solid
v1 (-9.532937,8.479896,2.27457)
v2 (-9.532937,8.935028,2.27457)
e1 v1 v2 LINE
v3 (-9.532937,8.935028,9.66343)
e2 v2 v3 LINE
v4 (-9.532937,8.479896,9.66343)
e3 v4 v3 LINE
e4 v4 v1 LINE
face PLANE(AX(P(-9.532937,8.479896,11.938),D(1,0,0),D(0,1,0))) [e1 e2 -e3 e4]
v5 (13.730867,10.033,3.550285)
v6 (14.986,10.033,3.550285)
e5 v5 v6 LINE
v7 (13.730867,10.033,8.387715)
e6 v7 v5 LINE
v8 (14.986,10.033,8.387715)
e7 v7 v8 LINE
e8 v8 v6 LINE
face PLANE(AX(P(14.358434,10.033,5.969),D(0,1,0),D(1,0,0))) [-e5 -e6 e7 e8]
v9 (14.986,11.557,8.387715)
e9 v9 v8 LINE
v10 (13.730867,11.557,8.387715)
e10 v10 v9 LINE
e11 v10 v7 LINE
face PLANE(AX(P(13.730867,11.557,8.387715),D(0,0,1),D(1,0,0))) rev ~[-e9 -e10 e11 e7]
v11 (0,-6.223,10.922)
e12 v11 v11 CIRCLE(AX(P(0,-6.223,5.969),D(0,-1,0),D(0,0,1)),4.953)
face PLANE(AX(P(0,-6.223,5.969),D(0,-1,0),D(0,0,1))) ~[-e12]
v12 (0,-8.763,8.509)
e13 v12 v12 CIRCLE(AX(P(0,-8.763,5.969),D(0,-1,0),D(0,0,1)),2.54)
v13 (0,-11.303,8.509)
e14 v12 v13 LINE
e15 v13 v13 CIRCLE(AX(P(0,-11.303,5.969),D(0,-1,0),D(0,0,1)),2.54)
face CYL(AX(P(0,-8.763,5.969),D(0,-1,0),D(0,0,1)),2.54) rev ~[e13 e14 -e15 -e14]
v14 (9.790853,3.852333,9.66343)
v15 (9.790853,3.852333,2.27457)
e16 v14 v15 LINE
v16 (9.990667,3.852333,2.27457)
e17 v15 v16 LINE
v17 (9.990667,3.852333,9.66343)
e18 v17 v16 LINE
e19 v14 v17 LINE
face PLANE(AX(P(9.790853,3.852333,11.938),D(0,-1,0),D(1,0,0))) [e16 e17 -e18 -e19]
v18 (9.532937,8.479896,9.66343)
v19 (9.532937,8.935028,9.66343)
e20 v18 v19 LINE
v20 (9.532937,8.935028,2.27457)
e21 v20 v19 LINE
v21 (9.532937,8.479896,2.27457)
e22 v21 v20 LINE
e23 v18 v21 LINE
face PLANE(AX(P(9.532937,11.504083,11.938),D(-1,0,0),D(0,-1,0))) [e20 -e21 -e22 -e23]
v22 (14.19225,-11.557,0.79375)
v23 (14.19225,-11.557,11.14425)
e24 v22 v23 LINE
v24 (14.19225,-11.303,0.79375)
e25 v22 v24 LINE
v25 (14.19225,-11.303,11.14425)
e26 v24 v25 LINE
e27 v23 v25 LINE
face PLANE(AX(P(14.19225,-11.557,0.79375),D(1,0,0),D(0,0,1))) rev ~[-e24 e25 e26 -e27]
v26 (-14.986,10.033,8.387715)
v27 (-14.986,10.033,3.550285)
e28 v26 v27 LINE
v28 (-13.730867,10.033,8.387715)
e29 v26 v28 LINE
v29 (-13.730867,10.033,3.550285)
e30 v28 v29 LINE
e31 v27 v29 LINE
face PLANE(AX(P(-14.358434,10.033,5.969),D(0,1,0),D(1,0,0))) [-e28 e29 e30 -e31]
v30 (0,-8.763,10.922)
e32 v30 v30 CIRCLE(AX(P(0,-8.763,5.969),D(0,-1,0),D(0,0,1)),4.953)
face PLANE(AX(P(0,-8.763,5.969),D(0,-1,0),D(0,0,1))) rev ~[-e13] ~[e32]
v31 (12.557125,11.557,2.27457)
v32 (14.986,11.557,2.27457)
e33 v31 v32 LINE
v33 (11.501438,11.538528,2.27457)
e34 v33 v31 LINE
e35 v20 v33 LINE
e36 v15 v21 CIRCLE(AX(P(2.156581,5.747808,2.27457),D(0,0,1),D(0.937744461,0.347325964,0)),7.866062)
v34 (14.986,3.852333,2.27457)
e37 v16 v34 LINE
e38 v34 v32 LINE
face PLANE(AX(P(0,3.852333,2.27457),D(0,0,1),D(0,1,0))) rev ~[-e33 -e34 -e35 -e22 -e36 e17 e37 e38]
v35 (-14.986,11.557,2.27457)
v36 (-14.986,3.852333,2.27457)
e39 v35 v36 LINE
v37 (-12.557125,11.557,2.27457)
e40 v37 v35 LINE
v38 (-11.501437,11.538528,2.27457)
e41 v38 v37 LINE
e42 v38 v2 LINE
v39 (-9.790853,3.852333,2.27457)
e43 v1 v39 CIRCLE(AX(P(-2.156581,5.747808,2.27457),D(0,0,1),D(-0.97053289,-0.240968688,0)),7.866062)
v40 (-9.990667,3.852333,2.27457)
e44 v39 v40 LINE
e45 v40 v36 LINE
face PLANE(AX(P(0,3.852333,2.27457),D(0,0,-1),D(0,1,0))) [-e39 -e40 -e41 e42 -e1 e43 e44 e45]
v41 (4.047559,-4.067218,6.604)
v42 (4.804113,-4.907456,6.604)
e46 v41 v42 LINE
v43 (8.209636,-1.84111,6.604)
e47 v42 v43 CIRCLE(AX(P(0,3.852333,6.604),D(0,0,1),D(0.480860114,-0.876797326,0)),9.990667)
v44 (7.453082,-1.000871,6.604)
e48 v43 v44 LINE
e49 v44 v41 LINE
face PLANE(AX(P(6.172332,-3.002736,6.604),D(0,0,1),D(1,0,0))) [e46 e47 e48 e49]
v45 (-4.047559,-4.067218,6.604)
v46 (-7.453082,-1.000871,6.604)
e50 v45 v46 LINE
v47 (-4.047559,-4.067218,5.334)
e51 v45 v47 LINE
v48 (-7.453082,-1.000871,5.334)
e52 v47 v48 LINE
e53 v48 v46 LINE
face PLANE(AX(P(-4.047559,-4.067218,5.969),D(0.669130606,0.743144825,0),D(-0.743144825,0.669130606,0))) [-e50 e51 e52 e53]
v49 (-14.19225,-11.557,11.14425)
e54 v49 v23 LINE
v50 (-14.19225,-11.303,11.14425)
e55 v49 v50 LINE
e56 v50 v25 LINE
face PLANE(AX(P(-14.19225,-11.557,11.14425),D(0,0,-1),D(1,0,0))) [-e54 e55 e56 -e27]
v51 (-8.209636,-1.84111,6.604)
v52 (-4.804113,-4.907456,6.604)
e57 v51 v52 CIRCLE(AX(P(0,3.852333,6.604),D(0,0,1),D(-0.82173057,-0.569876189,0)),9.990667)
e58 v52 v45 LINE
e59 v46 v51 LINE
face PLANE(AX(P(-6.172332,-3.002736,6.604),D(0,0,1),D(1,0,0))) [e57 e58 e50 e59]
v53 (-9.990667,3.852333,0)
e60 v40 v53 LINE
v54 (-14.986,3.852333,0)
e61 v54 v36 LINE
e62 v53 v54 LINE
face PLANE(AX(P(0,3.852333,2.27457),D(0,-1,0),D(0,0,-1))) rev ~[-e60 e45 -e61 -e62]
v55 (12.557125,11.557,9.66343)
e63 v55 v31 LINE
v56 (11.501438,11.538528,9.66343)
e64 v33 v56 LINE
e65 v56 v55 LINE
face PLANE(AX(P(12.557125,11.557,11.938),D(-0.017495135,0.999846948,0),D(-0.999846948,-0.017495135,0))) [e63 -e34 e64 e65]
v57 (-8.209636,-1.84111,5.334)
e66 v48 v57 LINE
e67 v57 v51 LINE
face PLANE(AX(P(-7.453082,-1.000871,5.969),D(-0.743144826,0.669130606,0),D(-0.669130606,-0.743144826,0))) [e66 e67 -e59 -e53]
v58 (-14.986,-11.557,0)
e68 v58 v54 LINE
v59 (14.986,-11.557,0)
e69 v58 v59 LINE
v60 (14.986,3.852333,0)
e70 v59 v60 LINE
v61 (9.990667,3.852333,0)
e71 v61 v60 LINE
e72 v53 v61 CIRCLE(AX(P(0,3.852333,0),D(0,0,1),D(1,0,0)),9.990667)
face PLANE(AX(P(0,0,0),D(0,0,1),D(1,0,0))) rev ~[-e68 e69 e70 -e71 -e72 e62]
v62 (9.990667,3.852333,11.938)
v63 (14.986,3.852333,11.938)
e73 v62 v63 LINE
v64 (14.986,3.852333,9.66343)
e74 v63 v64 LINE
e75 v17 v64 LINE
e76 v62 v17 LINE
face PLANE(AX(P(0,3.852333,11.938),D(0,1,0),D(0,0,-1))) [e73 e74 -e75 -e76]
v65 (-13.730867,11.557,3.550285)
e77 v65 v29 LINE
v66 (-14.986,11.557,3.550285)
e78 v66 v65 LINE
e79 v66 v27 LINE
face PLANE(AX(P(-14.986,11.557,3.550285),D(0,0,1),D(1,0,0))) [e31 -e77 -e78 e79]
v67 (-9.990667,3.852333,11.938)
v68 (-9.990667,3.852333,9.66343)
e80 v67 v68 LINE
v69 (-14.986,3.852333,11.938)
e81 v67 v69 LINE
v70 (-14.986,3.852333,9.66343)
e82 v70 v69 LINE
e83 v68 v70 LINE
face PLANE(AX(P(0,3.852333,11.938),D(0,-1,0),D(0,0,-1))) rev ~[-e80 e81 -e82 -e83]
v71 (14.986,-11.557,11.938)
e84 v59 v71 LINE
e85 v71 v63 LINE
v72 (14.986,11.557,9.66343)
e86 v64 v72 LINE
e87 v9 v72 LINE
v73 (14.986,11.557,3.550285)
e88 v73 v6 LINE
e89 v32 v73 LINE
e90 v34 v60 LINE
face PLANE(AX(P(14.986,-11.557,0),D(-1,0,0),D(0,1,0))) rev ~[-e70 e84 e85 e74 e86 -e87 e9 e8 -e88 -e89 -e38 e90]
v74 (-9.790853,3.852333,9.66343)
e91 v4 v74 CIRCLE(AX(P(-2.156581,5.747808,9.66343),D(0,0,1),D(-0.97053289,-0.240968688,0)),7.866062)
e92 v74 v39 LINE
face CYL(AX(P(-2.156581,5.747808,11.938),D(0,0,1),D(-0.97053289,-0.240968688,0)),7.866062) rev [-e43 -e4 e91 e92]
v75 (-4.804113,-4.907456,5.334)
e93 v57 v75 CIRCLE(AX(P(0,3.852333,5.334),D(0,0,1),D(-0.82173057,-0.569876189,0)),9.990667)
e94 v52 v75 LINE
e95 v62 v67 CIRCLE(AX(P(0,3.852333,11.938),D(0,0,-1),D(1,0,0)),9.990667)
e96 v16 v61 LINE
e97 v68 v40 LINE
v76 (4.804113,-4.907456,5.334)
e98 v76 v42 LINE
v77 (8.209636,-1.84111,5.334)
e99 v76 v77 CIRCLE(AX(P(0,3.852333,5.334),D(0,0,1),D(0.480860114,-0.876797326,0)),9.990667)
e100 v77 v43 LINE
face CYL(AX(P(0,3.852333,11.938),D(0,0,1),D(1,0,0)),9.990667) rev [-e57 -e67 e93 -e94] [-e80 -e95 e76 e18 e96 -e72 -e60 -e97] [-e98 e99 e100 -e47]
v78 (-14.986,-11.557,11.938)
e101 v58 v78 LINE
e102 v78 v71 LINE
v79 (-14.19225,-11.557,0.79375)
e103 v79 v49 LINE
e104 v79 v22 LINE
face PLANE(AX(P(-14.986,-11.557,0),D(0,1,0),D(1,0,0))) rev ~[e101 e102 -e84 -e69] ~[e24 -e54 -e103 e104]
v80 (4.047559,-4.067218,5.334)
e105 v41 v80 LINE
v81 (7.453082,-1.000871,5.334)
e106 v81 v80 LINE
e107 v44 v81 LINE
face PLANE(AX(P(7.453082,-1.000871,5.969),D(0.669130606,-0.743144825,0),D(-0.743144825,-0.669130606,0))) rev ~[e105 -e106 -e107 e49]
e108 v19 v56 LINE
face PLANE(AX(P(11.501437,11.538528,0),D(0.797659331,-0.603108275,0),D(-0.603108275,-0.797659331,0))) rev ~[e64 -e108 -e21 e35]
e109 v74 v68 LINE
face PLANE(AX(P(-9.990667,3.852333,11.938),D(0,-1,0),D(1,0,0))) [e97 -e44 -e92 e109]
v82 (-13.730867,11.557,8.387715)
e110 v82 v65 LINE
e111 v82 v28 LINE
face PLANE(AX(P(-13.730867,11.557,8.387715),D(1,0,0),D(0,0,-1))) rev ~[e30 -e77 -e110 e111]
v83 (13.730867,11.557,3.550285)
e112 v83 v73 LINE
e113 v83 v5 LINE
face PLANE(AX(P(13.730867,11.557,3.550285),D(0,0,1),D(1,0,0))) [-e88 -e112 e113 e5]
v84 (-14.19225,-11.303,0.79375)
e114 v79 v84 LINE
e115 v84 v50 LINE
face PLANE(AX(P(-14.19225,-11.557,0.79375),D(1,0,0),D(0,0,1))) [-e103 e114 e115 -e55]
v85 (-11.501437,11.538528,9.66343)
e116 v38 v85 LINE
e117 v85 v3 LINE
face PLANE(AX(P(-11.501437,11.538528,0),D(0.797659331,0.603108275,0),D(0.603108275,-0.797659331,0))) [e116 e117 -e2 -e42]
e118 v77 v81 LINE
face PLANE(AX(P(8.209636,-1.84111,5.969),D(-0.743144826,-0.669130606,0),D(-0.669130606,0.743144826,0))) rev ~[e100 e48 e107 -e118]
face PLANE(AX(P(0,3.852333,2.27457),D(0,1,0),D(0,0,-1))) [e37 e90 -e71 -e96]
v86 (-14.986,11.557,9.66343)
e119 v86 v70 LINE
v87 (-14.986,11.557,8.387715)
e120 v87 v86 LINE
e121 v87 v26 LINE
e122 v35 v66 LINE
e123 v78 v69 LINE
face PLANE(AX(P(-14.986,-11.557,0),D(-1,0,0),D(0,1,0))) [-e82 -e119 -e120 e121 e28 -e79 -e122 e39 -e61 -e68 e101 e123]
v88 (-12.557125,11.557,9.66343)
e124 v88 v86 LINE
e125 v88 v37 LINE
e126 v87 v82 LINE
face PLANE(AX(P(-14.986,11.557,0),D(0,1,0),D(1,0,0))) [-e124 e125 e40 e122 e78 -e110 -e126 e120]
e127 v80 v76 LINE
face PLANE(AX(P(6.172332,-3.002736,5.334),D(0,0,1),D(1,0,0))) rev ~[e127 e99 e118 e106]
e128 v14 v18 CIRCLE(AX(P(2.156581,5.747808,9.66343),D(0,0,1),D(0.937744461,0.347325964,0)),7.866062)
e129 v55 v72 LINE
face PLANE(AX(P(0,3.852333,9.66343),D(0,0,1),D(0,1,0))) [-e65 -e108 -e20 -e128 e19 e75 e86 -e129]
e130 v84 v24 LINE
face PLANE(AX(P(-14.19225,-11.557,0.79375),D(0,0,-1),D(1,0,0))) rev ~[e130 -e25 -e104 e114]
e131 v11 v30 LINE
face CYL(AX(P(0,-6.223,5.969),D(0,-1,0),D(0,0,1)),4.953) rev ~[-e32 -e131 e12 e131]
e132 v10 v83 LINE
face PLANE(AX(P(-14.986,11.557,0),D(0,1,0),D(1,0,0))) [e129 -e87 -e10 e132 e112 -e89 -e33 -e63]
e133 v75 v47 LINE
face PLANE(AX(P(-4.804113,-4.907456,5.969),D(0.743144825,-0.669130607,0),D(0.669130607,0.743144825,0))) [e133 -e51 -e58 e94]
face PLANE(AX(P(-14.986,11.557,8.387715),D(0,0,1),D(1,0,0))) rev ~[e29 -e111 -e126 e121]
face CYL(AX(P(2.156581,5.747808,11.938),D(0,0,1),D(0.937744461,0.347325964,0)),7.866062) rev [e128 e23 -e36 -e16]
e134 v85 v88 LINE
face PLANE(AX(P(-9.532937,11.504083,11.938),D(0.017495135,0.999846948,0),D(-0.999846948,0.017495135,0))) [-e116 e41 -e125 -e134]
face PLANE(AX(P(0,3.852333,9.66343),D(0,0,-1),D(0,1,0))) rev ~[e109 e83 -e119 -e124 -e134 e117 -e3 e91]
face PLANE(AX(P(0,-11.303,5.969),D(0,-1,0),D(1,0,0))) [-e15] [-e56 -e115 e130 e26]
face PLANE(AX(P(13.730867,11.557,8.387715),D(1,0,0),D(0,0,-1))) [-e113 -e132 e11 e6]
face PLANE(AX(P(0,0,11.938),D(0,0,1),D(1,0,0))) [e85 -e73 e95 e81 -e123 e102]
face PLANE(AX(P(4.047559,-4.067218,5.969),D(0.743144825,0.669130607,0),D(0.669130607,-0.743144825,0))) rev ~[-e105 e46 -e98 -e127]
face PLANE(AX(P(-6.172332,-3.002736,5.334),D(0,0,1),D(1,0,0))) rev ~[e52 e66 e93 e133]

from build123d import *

# Parameters (mm, degrees)
SKETCH1_W               = 29.972
SKETCH1_H               = 23.114
EXTRUDE1_DEPTH          = 11.938
CUT_EXTRUDE1_DEPTH      = 12.938
SKETCH3_W               = 2.27457
SKETCH3_H               = 7.704666667
CUT_EXTRUDE2_DEPTH      = 15.986
CUT_EXTRUDE2_DEPTH_BACK = 15.986
SKETCH4_W               = 28.3845
SKETCH4_H               = 10.3505
CUT_EXTRUDE3_DEPTH      = 0.254
SKETCH5_W               = 1.255132872
SKETCH5_H               = 4.83743
CUT_EXTRUDE4_DEPTH      = 1.524
EXTRUDE2_DEPTH          = 0.635
CUT_EXTRUDE5_DEPTH      = 12.938


with BuildPart() as part:
    # Sketch1 → Extrude1 (new body)
    with BuildSketch(Plane.XY):
        Rectangle(SKETCH1_W, SKETCH1_H)
    extrude(amount=EXTRUDE1_DEPTH)

    # Sketch2 → Cut-Extrude1 (cut, through all)
    with BuildSketch(Plane.XY.offset(11.938)):
        with BuildLine():
            Line((-9.990666667, 3.852333333), (-9.790853333, 3.852333333))
            ThreePointArc((-9.790853333, 3.852333333), (-10.010454448, 6.185541418), (-9.5329375, 8.479895833))
            Line((-9.5329375, 8.479895833), (-9.5329375, 11.504083333))
            Line((-9.5329375, 11.504083333), (-12.557125, 11.557))
            Line((-12.557125, 11.557), (12.557125, 11.557))
            Line((12.557125, 11.557), (9.5329375, 11.504083333))
            Line((9.5329375, 11.504083333), (9.5329375, 8.479895833))
            ThreePointArc((9.5329375, 8.479895833), (10.010454448, 6.185541418), (9.790853333, 3.852333333))
            Line((9.790853333, 3.852333333), (9.990666667, 3.852333333))
            ThreePointArc((9.990666667, 3.852333333), (0, -6.138333333), (-9.990666667, 3.852333333))
        make_face()
    extrude(amount=-CUT_EXTRUDE1_DEPTH, mode=Mode.SUBTRACT)

    # Sketch3 → Cut-Extrude2 (cut, two sides)
    with BuildSketch(Plane(origin=(0, 0, 0), x_dir=(0, 0, -1), z_dir=(1, 0, 0))) as cut_extrude2_sk:
        with Locations((-10.800715, 7.704666667)):
            Rectangle(SKETCH3_W, SKETCH3_H)
        with Locations((-1.137285, 7.704666667)):
            Rectangle(SKETCH3_W, SKETCH3_H)
    extrude(amount=CUT_EXTRUDE2_DEPTH, mode=Mode.SUBTRACT)
    extrude(cut_extrude2_sk.sketch, amount=-CUT_EXTRUDE2_DEPTH_BACK, mode=Mode.SUBTRACT)

    # Sketch4 → Cut-Extrude3 (cut)
    with BuildSketch(Plane.XZ.offset(11.557)):
        with Locations((0, 5.969)):
            Rectangle(SKETCH4_W, SKETCH4_H)
    extrude(amount=-CUT_EXTRUDE3_DEPTH, mode=Mode.SUBTRACT)

    # Sketch5 → Cut-Extrude4 (cut)
    with BuildSketch(Plane(origin=(0, 11.557, 0), x_dir=(1, 0, 0), z_dir=(0, 1, 0))):
        with Locations((-14.358433564, -5.969)):
            Rectangle(SKETCH5_W, SKETCH5_H)
        with Locations((14.358433564, -5.969)):
            Rectangle(SKETCH5_W, SKETCH5_H)
    extrude(amount=-CUT_EXTRUDE4_DEPTH, mode=Mode.SUBTRACT)

    # Sketch6 → Cut-Revolve1 (revolve, cut)
    with BuildSketch(Plane(origin=(0, 0, 5.969), x_dir=(-1, 0, 0), z_dir=(0, 0, -1)), mode=Mode.PRIVATE) as cut_revolve1_sk:
        Polygon((2.54, -11.303), (0, -11.303), (0, -6.223), (4.953, -6.223), (4.953, -8.763), (2.54, -8.763), align=None)
    revolve(cut_revolve1_sk.sketch.rotate(Axis((0, 0, 5.969), (0, -1, 0)), 270), axis=Axis((0, 0, 5.969), (0, -1, 0)), mode=Mode.SUBTRACT)  # turned: the seam where the file's is

    # Sketch7 → Extrude2 (add, symmetric)
    with BuildSketch(Plane(origin=(0, 0, 5.969), x_dir=(-1, 0, 0), z_dir=(0, 0, -1))):
        with BuildLine():
            Line((4.047558738, -4.067217721), (7.45308183, -1.000870956))
            Line((7.45308183, -1.000870956), (8.209636208, -1.841109717))
            ThreePointArc((8.209636208, -1.841109717), (6.685060845, -3.572178903), (4.804113117, -4.907456482))
            Line((4.804113117, -4.907456482), (4.047558738, -4.067217721))
        make_face()
        with BuildLine():
            Line((-4.047558738, -4.067217721), (-4.804113117, -4.907456482))
            ThreePointArc((-4.804113117, -4.907456482), (-6.685060845, -3.572178903), (-8.209636208, -1.841109717))
            Line((-8.209636208, -1.841109717), (-7.45308183, -1.000870956))
            Line((-7.45308183, -1.000870956), (-4.047558738, -4.067217721))
        make_face()
    extrude(amount=EXTRUDE2_DEPTH, both=True)

    # Sketch8 → Cut-Extrude5 (cut, through all)
    with BuildSketch(Plane.XY):
        Polygon((-9.5329375, 11.538527778), (-11.5014375, 11.538527778), (-9.5329375, 8.935027778), align=None)
        Polygon((9.5329375, 11.538527778), (11.5014375, 11.538527778), (9.5329375, 8.935027778), align=None)
    extrude(amount=CUT_EXTRUDE5_DEPTH, mode=Mode.SUBTRACT)


solid = part.part
